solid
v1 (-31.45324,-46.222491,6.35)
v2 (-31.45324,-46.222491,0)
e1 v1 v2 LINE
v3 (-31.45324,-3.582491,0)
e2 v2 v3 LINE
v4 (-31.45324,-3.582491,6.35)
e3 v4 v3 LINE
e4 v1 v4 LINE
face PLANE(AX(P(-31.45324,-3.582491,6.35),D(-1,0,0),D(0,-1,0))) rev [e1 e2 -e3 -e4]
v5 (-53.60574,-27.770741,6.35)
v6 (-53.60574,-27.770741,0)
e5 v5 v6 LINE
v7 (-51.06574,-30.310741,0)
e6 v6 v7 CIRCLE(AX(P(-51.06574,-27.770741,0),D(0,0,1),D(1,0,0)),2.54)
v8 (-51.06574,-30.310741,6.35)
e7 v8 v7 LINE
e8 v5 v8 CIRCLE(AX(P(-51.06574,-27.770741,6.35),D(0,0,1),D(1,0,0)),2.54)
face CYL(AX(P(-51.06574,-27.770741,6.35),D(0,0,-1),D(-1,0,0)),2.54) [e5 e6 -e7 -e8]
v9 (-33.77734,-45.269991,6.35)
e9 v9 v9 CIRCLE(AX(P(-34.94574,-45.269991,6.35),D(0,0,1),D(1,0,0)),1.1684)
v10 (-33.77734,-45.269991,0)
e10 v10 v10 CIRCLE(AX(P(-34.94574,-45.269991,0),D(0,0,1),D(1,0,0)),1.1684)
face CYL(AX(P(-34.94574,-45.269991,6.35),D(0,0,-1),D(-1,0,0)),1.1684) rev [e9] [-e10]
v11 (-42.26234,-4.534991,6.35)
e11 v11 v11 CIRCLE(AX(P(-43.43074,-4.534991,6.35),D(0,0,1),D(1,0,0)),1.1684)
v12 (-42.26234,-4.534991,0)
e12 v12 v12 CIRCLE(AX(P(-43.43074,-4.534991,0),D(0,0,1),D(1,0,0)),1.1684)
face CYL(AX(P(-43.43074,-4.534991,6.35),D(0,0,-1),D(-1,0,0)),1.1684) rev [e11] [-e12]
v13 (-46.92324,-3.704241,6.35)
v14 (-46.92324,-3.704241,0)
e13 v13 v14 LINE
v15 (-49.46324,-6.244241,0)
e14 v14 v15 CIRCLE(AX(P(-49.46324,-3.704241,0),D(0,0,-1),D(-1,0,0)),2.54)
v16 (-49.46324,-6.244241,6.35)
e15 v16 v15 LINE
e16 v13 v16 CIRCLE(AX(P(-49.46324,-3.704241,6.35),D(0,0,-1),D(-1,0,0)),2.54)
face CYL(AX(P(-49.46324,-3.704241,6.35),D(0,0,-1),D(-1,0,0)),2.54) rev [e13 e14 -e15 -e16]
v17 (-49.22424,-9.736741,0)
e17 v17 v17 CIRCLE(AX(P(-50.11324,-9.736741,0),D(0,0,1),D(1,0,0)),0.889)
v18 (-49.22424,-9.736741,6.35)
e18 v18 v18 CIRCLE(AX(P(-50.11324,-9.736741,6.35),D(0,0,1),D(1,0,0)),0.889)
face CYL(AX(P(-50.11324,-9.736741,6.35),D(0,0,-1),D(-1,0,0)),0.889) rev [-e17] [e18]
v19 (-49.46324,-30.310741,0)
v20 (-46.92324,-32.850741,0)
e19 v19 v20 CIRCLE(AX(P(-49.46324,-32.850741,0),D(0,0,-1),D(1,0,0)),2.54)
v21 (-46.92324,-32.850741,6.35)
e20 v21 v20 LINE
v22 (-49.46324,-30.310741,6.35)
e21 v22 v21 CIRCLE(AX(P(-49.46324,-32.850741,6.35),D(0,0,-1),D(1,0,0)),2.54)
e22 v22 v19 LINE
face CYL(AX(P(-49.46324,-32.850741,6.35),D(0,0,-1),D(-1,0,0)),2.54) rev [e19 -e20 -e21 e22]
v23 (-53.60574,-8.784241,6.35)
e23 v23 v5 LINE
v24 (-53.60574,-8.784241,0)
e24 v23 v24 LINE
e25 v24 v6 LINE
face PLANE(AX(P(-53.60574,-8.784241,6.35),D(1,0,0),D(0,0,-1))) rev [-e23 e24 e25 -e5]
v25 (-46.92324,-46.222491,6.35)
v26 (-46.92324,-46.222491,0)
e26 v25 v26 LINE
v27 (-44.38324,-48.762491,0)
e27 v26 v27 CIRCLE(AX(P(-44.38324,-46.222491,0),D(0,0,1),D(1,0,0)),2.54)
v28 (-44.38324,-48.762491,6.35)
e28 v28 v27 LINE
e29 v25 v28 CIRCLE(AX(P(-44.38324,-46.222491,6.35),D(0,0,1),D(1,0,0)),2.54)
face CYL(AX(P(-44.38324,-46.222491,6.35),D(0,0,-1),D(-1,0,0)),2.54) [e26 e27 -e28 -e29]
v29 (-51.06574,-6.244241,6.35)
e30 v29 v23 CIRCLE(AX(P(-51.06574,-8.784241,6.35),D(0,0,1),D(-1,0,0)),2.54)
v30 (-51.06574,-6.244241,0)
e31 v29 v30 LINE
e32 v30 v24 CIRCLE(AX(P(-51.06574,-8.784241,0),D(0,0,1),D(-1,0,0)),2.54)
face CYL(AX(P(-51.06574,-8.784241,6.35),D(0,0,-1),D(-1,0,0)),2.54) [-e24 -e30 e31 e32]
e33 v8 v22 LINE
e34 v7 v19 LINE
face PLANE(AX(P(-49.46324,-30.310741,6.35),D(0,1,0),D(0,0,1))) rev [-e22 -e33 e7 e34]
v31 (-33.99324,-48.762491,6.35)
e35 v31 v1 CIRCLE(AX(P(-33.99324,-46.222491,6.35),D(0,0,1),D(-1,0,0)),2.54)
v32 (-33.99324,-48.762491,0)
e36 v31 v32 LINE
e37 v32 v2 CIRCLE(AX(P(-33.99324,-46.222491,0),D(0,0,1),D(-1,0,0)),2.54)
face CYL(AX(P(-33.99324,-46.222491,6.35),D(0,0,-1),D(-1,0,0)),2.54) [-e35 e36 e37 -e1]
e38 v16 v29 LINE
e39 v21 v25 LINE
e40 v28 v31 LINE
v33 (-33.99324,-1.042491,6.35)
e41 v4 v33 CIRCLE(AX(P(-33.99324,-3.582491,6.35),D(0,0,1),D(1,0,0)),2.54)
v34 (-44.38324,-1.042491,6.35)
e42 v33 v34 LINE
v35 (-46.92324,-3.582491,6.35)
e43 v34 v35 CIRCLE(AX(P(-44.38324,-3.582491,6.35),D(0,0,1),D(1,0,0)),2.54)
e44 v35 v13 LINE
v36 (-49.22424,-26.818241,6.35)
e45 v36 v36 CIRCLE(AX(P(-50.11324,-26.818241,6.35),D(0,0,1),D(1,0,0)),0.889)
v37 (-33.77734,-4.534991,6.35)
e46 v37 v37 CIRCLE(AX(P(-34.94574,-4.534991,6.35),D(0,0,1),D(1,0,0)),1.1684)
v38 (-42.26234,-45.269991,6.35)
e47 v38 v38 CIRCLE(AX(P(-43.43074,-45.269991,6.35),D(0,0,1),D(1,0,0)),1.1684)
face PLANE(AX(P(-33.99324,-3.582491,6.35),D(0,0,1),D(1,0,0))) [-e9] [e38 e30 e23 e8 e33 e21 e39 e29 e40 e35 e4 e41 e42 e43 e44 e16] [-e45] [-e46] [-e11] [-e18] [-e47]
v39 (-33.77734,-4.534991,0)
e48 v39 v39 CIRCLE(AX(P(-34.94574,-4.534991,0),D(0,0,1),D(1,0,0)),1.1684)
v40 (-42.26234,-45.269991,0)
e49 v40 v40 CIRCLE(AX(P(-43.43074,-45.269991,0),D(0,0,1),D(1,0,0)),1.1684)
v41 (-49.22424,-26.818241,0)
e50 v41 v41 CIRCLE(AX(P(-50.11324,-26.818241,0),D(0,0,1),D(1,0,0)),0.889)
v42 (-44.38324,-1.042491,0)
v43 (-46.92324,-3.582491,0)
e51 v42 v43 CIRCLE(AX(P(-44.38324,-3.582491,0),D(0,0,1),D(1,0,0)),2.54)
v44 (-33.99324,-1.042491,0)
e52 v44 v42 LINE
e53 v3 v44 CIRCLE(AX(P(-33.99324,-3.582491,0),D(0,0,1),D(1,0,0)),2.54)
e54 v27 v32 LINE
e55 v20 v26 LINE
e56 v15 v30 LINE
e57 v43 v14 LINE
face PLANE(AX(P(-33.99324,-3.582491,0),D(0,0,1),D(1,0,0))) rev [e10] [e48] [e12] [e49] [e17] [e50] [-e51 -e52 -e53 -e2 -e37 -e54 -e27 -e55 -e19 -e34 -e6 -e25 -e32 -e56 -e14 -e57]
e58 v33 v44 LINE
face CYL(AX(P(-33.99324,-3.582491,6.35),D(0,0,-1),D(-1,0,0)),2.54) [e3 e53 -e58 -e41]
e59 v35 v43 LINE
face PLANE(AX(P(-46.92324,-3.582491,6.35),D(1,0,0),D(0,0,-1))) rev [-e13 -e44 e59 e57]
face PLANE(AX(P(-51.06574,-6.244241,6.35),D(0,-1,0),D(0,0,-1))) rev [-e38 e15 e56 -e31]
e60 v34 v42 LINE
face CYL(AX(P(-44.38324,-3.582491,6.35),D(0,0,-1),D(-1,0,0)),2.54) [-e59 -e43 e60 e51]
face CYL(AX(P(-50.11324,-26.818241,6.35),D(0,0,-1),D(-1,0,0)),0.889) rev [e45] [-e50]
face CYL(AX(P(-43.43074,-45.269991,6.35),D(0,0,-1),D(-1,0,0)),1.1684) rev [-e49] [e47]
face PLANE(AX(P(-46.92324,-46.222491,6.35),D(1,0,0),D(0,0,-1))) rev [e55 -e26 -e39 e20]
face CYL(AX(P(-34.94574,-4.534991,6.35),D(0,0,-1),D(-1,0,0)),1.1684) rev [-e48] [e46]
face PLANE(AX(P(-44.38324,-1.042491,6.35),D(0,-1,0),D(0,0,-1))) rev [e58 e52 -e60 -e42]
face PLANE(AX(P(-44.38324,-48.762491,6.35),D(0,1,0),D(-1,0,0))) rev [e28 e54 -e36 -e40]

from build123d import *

# Parameters (mm, degrees)
SKETCH1_R           = 1.1684
SKETCH1_R_2         = 0.889
BOSS_EXTRUDE1_DEPTH = 6.35


with BuildPart() as part:
    # Sketch1 → Boss-Extrude1 (new body)
    with BuildSketch(Plane.XY):
        with BuildLine():
            Line((-31.453240404, -3.582490692), (-31.453240404, -46.222490692))
            ThreePointArc((-31.453240404, -46.222490692), (-32.197189179, -48.018541916), (-33.993240404, -48.762490692))
            Line((-33.993240404, -48.762490692), (-44.383240404, -48.762490692))
            ThreePointArc((-44.383240404, -48.762490692), (-46.179291628, -48.018541916), (-46.923240404, -46.222490692))
            Line((-46.923240404, -46.222490692), (-46.923240404, -32.850740692))
            ThreePointArc((-46.923240404, -32.850740692), (-47.667189179, -31.054689467), (-49.463240404, -30.310740692))
            Line((-49.463240404, -30.310740692), (-51.065740404, -30.310740692))
            ThreePointArc((-51.065740404, -30.310740692), (-52.861791628, -29.566791916), (-53.605740404, -27.770740692))
            Line((-53.605740404, -27.770740692), (-53.605740404, -8.784240692))
            ThreePointArc((-53.605740404, -8.784240692), (-52.861791628, -6.988189467), (-51.065740404, -6.244240692))
            Line((-51.065740404, -6.244240692), (-49.463240404, -6.244240692))
            ThreePointArc((-49.463240404, -6.244240692), (-47.667189179, -5.500291916), (-46.923240404, -3.704240692))
            Line((-46.923240404, -3.704240692), (-46.923240404, -3.582490692))
            ThreePointArc((-46.923240404, -3.582490692), (-46.179291628, -1.786439467), (-44.383240404, -1.042490692))
            Line((-44.383240404, -1.042490692), (-33.993240404, -1.042490692))
            ThreePointArc((-33.993240404, -1.042490692), (-32.197189179, -1.786439467), (-31.453240404, -3.582490692))
        make_face()
        with Locations((-43.430740404, -4.534990692)):
            Circle(SKETCH1_R, mode=Mode.SUBTRACT)
        with Locations((-34.945740404, -4.534990692)):
            Circle(SKETCH1_R, mode=Mode.SUBTRACT)
        with Locations((-43.430740404, -45.269990692)):
            Circle(SKETCH1_R, mode=Mode.SUBTRACT)
        with Locations((-34.945740404, -45.269990692)):
            Circle(SKETCH1_R, mode=Mode.SUBTRACT)
        with Locations((-50.113240404, -9.736740692)):
            Circle(SKETCH1_R_2, mode=Mode.SUBTRACT)
        with Locations((-50.113240404, -26.818240692)):
            Circle(SKETCH1_R_2, mode=Mode.SUBTRACT)
    extrude(amount=BOSS_EXTRUDE1_DEPTH)


solid = part.part
